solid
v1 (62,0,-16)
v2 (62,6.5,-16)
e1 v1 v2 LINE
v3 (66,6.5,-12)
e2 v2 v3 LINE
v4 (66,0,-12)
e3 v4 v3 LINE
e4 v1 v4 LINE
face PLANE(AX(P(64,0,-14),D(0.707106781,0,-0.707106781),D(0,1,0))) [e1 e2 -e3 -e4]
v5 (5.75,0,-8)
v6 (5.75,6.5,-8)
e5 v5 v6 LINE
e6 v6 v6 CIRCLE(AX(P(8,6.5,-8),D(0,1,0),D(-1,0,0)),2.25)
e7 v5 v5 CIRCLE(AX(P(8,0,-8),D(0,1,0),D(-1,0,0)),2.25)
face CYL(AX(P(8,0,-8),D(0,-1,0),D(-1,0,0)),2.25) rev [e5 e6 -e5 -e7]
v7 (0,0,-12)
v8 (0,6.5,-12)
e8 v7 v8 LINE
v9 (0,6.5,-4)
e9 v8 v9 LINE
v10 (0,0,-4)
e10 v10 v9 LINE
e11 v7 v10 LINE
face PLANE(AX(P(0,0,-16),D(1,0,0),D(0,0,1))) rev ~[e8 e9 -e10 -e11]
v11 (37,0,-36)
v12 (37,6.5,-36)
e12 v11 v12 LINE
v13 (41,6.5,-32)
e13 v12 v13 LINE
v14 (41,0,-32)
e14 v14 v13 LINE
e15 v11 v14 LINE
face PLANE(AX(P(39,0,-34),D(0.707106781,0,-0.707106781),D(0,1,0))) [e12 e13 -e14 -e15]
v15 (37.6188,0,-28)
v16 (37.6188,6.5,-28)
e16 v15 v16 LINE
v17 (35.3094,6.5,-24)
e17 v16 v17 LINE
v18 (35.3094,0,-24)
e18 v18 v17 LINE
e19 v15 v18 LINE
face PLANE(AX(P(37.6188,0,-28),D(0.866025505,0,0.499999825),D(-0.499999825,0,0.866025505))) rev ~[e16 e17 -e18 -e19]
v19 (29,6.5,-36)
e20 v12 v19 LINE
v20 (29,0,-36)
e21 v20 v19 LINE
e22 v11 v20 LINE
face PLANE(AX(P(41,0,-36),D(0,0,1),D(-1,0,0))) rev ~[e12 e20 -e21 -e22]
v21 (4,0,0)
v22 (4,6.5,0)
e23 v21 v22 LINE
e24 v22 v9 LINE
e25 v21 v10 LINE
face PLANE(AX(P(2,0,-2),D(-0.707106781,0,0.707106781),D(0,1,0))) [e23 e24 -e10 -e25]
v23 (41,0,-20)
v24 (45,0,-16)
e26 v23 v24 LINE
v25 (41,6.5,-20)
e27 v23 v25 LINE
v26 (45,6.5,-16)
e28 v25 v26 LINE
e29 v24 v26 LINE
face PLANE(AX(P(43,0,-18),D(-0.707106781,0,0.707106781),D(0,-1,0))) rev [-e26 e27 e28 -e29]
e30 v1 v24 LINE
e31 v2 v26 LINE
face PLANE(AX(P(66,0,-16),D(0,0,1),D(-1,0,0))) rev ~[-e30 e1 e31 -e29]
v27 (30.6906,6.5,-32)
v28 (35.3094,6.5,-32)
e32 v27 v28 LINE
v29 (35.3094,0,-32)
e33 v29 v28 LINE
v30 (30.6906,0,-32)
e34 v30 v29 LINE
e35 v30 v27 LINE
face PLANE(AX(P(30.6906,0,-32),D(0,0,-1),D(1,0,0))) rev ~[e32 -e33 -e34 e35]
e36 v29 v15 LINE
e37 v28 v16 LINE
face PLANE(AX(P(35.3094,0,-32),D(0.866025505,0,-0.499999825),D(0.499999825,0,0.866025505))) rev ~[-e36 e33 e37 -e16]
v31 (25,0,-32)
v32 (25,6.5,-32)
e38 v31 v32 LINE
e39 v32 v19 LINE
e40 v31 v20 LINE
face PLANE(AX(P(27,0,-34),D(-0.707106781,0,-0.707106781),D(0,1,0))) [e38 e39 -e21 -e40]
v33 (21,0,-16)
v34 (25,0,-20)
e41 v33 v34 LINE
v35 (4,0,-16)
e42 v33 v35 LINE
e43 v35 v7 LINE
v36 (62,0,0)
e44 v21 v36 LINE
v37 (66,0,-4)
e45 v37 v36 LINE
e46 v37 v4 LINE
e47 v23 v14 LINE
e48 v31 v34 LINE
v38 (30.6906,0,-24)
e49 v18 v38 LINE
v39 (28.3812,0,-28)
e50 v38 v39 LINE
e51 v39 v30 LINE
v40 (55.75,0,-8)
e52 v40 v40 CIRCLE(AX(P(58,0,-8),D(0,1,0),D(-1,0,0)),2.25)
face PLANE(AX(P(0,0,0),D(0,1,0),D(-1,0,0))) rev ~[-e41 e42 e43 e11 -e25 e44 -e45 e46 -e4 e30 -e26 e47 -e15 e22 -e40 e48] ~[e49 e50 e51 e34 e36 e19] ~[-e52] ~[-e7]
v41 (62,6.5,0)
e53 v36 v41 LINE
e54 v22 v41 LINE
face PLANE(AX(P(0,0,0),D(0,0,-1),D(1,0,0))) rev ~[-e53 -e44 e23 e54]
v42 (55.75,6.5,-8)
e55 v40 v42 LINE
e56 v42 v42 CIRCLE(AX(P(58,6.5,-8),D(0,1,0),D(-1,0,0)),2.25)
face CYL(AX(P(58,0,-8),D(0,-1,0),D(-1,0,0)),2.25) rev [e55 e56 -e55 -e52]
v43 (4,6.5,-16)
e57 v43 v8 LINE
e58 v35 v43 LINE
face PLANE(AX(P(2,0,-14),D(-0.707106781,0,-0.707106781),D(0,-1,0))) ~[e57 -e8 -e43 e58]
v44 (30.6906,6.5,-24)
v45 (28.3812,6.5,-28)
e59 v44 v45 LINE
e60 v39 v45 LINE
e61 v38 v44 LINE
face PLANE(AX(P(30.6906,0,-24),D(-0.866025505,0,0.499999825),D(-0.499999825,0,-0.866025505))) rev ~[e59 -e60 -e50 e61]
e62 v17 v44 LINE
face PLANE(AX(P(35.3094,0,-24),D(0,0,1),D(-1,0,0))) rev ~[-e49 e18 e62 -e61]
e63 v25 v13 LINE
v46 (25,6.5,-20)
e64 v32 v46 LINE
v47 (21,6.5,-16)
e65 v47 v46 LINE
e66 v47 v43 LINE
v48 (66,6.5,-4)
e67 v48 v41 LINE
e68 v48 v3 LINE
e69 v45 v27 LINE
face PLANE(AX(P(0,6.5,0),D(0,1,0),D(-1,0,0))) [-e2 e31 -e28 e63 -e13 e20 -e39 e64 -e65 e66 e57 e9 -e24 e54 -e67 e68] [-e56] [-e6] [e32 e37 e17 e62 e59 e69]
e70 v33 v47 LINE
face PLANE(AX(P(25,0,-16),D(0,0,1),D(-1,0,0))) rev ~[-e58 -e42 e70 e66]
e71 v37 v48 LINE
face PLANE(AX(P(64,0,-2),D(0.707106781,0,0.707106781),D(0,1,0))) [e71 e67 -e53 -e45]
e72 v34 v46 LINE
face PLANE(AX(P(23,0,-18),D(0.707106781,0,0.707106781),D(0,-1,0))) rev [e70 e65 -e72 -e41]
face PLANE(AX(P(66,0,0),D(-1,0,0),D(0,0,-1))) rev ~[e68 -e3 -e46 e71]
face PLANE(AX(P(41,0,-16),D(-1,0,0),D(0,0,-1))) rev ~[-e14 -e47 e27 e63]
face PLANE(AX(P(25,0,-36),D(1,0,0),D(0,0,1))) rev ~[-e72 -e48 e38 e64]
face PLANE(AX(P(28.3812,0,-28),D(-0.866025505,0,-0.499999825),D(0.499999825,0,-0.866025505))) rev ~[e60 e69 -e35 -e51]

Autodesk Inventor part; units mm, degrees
ref_plane "YZ Plane" through (0, 0, 0) normal (1, 0, 0) x (0, 1, 0)
ref_plane "XZ Plane" through (0, 0, 0) normal (0, 1, 0) x (-1, 0, 0)
ref_plane "XY Plane" through (0, 0, 0) normal (0, 0, 1) x (1, 0, 0)
sketch "Sketch1" plane through (0, 0, 0) normal (0, 1, 0) x (-1, 0, 0)
  line L0 (0, -16) -> (0, 0)
  line L1 (0, 0) -> (-66, 0)
  line L2 (-66, 0) -> (-66, -16)
  line L3 (-66, -16) -> (-41, -16)
  line L4 (-41, -16) -> (-41, -36)
  line L5 (-41, -36) -> (-25, -36)
  line L6 (-25, -36) -> (-25, -16)
  line L7 (-25, -16) -> (0, -16)
  circle A0 centre (-8, -8) radius 2.25
  circle A1 centre (-58, -8) radius 2.25
  line L8 (-35.3094, -24) -> (-30.6906, -24)
  line L9 (-30.6906, -24) -> (-28.3812, -28)
  line L10 (-28.3812, -28) -> (-30.6906, -32)
  line L11 (-30.6906, -32) -> (-35.3094, -32)
  line L12 (-35.3094, -32) -> (-37.6188, -28)
  line L13 (-37.6188, -28) -> (-35.3094, -24)
  point P0 (0, -8)
  point P1 (-33, -28)
  point P2 (-33, -36)
  dimension "d0" = 16
  dimension "d1" = 4.5
  dimension "d2" = 50
  dimension "d3" = 8
  dimension "d4" = 8
  dimension "d5" = 16
  dimension "d6" = 36
  dimension "d7" = 8
  dimension "d8" = 20
extrude "Extrusion1" add sketch "Sketch1" along normal blind 6.5
chamfer "Chamfer1" distance 4 angle 45 8 edges at (66, 3.25, 0) (66, 3.25, -16) (0, 3.25, 0) (0, 3.25, -16) (25, 3.25, -16) (25, 3.25, -36) (41, 3.25, -36) (41, 3.25, -16)
equation "\"d3\" = 0.5 * d0"
equation "\"d4\" = d3"
properties part number "y_carriage_nut_holder_b" material "Plywood, Finish"
